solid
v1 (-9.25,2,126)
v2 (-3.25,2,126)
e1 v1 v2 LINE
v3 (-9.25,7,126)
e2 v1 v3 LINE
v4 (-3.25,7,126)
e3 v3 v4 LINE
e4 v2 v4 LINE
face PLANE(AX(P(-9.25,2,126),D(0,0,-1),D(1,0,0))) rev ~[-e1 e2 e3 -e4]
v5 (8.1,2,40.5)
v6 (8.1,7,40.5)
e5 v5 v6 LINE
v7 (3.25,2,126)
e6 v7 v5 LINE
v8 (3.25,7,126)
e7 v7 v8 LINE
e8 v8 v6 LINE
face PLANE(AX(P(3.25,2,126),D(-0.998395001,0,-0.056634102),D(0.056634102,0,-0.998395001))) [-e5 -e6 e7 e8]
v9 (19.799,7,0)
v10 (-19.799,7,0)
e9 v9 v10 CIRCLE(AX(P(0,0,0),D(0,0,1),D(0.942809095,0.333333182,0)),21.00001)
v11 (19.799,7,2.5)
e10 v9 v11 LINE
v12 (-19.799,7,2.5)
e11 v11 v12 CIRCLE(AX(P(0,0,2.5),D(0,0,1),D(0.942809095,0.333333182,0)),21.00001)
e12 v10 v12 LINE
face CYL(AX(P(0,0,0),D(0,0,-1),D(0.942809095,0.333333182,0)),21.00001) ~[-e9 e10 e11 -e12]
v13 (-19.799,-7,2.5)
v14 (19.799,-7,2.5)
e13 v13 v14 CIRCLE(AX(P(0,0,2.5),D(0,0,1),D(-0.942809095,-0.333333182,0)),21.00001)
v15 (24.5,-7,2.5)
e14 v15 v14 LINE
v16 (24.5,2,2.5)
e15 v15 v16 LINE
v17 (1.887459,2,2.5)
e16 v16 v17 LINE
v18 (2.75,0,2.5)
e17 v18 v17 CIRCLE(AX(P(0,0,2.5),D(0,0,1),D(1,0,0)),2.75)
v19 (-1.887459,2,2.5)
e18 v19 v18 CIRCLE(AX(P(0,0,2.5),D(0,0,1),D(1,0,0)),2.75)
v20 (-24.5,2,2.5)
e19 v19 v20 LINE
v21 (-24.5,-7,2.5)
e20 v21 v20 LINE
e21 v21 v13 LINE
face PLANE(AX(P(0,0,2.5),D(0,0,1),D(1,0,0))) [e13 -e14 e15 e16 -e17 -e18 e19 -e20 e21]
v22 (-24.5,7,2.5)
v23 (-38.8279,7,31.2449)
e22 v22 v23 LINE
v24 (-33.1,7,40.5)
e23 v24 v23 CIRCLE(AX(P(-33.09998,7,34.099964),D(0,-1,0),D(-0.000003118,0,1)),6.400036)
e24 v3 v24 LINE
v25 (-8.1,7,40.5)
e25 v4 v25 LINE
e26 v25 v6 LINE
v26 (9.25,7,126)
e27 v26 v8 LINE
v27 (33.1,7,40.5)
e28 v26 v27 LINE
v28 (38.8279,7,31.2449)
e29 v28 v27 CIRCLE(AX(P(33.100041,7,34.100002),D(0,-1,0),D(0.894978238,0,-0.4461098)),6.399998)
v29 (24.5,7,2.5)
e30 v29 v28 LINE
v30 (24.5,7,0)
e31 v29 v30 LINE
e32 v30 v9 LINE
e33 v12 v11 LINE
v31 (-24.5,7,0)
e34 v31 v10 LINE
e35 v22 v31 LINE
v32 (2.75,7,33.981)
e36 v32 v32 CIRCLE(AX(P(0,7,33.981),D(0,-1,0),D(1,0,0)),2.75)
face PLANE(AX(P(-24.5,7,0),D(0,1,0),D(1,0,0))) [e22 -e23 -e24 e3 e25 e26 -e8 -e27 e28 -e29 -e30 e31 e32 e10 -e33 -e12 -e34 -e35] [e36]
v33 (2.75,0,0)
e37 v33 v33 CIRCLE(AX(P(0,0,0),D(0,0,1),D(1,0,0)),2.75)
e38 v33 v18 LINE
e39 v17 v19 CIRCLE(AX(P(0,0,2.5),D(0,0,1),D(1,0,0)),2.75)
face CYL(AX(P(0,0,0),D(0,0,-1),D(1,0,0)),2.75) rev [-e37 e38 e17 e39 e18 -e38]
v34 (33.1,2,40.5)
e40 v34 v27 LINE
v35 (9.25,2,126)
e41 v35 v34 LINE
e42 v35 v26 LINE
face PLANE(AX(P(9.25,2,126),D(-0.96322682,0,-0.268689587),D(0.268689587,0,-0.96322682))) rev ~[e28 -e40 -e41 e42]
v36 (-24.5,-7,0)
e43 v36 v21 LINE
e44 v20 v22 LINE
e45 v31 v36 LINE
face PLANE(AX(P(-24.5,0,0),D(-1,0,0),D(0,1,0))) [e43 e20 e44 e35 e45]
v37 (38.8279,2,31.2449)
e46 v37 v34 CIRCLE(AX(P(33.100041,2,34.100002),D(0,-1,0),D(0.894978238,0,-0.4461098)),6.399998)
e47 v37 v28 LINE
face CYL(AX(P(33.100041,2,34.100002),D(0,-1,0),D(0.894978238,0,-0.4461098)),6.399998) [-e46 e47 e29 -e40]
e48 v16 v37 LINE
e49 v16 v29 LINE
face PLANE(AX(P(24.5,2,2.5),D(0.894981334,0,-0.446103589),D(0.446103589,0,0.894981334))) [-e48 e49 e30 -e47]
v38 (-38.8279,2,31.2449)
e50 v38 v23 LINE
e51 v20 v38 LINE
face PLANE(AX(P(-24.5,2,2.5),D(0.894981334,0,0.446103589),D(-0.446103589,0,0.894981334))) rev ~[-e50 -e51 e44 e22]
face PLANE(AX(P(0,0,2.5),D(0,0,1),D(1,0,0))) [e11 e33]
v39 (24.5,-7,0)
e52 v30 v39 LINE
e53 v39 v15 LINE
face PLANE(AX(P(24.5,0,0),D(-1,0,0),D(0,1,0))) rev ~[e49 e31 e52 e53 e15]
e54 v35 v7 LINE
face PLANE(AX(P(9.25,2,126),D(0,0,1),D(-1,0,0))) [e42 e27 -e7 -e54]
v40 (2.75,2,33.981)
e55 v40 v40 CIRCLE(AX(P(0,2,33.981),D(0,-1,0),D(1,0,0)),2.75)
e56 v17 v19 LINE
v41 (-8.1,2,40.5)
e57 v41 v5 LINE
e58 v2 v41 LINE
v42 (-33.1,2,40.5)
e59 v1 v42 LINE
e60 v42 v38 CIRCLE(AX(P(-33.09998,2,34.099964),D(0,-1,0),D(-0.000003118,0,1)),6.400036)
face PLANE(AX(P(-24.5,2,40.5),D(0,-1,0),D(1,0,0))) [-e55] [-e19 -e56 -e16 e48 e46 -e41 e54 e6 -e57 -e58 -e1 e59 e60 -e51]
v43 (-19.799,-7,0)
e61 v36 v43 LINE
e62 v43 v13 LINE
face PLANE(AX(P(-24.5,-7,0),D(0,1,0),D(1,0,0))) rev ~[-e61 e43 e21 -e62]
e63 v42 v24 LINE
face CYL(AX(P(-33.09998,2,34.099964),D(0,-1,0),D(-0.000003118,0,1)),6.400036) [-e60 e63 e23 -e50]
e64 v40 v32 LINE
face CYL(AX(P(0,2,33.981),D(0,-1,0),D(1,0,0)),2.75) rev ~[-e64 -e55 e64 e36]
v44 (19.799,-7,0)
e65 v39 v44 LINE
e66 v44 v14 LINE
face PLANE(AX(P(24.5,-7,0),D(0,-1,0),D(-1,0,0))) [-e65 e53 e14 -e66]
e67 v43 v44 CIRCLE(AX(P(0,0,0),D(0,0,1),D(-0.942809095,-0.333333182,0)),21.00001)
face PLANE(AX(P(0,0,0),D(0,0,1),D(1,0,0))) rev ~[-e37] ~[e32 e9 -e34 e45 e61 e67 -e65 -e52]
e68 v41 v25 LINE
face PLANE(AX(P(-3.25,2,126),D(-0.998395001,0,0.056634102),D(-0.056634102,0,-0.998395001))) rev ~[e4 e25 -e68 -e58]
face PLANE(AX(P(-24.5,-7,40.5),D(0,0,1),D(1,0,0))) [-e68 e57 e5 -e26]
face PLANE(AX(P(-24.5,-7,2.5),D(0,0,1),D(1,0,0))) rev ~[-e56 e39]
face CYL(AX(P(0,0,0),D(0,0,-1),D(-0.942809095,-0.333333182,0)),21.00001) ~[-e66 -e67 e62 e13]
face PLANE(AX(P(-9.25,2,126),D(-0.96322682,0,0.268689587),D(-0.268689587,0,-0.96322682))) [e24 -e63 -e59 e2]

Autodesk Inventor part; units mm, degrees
ref_plane "YZ Plane" through (0, 0, 0) normal (1, 0, 0) x (0, 1, 0)
sketch "Sketch2" plane through (0, 0, 0) normal (0, 0, 1) x (1, 0, 0)
  line L0 (-24.5, 0) -> (-24.5, 7)
  line L1 (-24.5, 0) -> (-24.5, -7)
  line L2 (-24.5, 7) -> (-19.799, 7)
  line L3 (-24.5, -7) -> (-19.799, -7)
  line L4 (24.5, 7) -> (19.799, 7)
  line L5 (24.5, 0) -> (24.5, 7)
  line L6 (24.5, 0) -> (24.5, -7)
  line L7 (24.5, -7) -> (19.799, -7)
  arc A0 (-19.799, -7) -> (19.799, -7) centre (0, 0) ccw
  arc A1 (19.799, 7) -> (-19.799, 7) centre (0, 0) ccw
  circle A2 centre (0, 0) radius 2.75
  point P0 (0, 0)
  point P1 (0, -4.75)
  point P2 (-27.5, 17.25)
  dimension "d0" = 5.5
extrude "Extrusion1" add sketch "Sketch2" along normal blind 2.5
ref_plane "Work Plane1" through (-24.5, -7, 2.5) normal (0, 0, 1) x (1, 0, 0)
sketch "Sketch3" plane through (-24.5, -7, 2.5) normal (0, 0, 1) x (1, 0, 0)
  line L0 (0, 14) -> (49, 14)
  line L1 (49, 14) -> (49, 9)
  line L2 (49, 9) -> (0, 9)
  line L3 (0, 9) -> (0, 14)
  dimension "d3" = 5
extrude "Extrusion2" add sketch "Sketch3" along normal blind 38
ref_plane "Work Plane2" through (-24.5, 2, 40.5) normal (0, -1, 0) x (1, 0, 0)
sketch "Sketch6" plane through (-24.5, 2, 40.5) normal (0, -1, 0) x (1, 0, 0)
  line L0 (0, -40.5) -> (0, -38) projected
  line L1 (-8.6, 0) -> (0, 0)
  line L2 (0, 0) -> (0, -38)
  arc A0 (-8.6, 0) -> (-14.3279, -9.2551) centre (-8.6, -6.4) ccw
  line L3 (0, -38) -> (-14.3279, -9.2551)
  line L4 (49, -40.5) -> (49, 0) projected
  arc A1 (63.3279, -9.2551) -> (57.6, 0) centre (57.6, -6.4) ccw
  line L5 (0, 0) -> (49, 0) projected
  line L6 (49, 0) -> (57.6, 0)
  line L7 (49, -38) -> (63.3279, -9.2551)
  point P0 (24.5, -40.5)
extrude "Extrusion5" add sketch "Sketch6" against normal blind 5
sketch "Sketch7" plane through (-24.5, 2, 40.5) normal (0, -1, 0) x (1, 0, 0)
  line L0 (24.5, -6.5) -> (116.5, -6.5) construction
  line L1 (15.25, 85.5) -> (-8.6, 0)
  line L2 (33.75, 85.5) -> (57.6, 0)
  line L3 (15.25, 85.5) -> (21.25, 85.5)
  line L4 (33.75, 85.5) -> (27.75, 85.5)
  line L5 (57.6, 0) -> (32.6, 0)
  line L6 (-8.6, 0) -> (16.4, 0)
  line L7 (21.25, 85.5) -> (16.4, 0)
  line L8 (27.75, 85.5) -> (32.6, 0)
  point P0 (24.5, -40.5)
sketch "Sketch8" plane through (-24.5, 2, 40.5) normal (0, -1, 0) x (1, 0, 0)
  circle A0 centre (24.5, -6.519) radius 2.75
  point P0 (24.5, -40.5)
  dimension "d35" = 5.5
extrude "Extrusion6" add sketch "Sketch7" against normal blind 5
extrude "Extrusion7" cut sketch "Sketch8" against normal blind 5
properties part number "gripper" material "ABS Plastic"
